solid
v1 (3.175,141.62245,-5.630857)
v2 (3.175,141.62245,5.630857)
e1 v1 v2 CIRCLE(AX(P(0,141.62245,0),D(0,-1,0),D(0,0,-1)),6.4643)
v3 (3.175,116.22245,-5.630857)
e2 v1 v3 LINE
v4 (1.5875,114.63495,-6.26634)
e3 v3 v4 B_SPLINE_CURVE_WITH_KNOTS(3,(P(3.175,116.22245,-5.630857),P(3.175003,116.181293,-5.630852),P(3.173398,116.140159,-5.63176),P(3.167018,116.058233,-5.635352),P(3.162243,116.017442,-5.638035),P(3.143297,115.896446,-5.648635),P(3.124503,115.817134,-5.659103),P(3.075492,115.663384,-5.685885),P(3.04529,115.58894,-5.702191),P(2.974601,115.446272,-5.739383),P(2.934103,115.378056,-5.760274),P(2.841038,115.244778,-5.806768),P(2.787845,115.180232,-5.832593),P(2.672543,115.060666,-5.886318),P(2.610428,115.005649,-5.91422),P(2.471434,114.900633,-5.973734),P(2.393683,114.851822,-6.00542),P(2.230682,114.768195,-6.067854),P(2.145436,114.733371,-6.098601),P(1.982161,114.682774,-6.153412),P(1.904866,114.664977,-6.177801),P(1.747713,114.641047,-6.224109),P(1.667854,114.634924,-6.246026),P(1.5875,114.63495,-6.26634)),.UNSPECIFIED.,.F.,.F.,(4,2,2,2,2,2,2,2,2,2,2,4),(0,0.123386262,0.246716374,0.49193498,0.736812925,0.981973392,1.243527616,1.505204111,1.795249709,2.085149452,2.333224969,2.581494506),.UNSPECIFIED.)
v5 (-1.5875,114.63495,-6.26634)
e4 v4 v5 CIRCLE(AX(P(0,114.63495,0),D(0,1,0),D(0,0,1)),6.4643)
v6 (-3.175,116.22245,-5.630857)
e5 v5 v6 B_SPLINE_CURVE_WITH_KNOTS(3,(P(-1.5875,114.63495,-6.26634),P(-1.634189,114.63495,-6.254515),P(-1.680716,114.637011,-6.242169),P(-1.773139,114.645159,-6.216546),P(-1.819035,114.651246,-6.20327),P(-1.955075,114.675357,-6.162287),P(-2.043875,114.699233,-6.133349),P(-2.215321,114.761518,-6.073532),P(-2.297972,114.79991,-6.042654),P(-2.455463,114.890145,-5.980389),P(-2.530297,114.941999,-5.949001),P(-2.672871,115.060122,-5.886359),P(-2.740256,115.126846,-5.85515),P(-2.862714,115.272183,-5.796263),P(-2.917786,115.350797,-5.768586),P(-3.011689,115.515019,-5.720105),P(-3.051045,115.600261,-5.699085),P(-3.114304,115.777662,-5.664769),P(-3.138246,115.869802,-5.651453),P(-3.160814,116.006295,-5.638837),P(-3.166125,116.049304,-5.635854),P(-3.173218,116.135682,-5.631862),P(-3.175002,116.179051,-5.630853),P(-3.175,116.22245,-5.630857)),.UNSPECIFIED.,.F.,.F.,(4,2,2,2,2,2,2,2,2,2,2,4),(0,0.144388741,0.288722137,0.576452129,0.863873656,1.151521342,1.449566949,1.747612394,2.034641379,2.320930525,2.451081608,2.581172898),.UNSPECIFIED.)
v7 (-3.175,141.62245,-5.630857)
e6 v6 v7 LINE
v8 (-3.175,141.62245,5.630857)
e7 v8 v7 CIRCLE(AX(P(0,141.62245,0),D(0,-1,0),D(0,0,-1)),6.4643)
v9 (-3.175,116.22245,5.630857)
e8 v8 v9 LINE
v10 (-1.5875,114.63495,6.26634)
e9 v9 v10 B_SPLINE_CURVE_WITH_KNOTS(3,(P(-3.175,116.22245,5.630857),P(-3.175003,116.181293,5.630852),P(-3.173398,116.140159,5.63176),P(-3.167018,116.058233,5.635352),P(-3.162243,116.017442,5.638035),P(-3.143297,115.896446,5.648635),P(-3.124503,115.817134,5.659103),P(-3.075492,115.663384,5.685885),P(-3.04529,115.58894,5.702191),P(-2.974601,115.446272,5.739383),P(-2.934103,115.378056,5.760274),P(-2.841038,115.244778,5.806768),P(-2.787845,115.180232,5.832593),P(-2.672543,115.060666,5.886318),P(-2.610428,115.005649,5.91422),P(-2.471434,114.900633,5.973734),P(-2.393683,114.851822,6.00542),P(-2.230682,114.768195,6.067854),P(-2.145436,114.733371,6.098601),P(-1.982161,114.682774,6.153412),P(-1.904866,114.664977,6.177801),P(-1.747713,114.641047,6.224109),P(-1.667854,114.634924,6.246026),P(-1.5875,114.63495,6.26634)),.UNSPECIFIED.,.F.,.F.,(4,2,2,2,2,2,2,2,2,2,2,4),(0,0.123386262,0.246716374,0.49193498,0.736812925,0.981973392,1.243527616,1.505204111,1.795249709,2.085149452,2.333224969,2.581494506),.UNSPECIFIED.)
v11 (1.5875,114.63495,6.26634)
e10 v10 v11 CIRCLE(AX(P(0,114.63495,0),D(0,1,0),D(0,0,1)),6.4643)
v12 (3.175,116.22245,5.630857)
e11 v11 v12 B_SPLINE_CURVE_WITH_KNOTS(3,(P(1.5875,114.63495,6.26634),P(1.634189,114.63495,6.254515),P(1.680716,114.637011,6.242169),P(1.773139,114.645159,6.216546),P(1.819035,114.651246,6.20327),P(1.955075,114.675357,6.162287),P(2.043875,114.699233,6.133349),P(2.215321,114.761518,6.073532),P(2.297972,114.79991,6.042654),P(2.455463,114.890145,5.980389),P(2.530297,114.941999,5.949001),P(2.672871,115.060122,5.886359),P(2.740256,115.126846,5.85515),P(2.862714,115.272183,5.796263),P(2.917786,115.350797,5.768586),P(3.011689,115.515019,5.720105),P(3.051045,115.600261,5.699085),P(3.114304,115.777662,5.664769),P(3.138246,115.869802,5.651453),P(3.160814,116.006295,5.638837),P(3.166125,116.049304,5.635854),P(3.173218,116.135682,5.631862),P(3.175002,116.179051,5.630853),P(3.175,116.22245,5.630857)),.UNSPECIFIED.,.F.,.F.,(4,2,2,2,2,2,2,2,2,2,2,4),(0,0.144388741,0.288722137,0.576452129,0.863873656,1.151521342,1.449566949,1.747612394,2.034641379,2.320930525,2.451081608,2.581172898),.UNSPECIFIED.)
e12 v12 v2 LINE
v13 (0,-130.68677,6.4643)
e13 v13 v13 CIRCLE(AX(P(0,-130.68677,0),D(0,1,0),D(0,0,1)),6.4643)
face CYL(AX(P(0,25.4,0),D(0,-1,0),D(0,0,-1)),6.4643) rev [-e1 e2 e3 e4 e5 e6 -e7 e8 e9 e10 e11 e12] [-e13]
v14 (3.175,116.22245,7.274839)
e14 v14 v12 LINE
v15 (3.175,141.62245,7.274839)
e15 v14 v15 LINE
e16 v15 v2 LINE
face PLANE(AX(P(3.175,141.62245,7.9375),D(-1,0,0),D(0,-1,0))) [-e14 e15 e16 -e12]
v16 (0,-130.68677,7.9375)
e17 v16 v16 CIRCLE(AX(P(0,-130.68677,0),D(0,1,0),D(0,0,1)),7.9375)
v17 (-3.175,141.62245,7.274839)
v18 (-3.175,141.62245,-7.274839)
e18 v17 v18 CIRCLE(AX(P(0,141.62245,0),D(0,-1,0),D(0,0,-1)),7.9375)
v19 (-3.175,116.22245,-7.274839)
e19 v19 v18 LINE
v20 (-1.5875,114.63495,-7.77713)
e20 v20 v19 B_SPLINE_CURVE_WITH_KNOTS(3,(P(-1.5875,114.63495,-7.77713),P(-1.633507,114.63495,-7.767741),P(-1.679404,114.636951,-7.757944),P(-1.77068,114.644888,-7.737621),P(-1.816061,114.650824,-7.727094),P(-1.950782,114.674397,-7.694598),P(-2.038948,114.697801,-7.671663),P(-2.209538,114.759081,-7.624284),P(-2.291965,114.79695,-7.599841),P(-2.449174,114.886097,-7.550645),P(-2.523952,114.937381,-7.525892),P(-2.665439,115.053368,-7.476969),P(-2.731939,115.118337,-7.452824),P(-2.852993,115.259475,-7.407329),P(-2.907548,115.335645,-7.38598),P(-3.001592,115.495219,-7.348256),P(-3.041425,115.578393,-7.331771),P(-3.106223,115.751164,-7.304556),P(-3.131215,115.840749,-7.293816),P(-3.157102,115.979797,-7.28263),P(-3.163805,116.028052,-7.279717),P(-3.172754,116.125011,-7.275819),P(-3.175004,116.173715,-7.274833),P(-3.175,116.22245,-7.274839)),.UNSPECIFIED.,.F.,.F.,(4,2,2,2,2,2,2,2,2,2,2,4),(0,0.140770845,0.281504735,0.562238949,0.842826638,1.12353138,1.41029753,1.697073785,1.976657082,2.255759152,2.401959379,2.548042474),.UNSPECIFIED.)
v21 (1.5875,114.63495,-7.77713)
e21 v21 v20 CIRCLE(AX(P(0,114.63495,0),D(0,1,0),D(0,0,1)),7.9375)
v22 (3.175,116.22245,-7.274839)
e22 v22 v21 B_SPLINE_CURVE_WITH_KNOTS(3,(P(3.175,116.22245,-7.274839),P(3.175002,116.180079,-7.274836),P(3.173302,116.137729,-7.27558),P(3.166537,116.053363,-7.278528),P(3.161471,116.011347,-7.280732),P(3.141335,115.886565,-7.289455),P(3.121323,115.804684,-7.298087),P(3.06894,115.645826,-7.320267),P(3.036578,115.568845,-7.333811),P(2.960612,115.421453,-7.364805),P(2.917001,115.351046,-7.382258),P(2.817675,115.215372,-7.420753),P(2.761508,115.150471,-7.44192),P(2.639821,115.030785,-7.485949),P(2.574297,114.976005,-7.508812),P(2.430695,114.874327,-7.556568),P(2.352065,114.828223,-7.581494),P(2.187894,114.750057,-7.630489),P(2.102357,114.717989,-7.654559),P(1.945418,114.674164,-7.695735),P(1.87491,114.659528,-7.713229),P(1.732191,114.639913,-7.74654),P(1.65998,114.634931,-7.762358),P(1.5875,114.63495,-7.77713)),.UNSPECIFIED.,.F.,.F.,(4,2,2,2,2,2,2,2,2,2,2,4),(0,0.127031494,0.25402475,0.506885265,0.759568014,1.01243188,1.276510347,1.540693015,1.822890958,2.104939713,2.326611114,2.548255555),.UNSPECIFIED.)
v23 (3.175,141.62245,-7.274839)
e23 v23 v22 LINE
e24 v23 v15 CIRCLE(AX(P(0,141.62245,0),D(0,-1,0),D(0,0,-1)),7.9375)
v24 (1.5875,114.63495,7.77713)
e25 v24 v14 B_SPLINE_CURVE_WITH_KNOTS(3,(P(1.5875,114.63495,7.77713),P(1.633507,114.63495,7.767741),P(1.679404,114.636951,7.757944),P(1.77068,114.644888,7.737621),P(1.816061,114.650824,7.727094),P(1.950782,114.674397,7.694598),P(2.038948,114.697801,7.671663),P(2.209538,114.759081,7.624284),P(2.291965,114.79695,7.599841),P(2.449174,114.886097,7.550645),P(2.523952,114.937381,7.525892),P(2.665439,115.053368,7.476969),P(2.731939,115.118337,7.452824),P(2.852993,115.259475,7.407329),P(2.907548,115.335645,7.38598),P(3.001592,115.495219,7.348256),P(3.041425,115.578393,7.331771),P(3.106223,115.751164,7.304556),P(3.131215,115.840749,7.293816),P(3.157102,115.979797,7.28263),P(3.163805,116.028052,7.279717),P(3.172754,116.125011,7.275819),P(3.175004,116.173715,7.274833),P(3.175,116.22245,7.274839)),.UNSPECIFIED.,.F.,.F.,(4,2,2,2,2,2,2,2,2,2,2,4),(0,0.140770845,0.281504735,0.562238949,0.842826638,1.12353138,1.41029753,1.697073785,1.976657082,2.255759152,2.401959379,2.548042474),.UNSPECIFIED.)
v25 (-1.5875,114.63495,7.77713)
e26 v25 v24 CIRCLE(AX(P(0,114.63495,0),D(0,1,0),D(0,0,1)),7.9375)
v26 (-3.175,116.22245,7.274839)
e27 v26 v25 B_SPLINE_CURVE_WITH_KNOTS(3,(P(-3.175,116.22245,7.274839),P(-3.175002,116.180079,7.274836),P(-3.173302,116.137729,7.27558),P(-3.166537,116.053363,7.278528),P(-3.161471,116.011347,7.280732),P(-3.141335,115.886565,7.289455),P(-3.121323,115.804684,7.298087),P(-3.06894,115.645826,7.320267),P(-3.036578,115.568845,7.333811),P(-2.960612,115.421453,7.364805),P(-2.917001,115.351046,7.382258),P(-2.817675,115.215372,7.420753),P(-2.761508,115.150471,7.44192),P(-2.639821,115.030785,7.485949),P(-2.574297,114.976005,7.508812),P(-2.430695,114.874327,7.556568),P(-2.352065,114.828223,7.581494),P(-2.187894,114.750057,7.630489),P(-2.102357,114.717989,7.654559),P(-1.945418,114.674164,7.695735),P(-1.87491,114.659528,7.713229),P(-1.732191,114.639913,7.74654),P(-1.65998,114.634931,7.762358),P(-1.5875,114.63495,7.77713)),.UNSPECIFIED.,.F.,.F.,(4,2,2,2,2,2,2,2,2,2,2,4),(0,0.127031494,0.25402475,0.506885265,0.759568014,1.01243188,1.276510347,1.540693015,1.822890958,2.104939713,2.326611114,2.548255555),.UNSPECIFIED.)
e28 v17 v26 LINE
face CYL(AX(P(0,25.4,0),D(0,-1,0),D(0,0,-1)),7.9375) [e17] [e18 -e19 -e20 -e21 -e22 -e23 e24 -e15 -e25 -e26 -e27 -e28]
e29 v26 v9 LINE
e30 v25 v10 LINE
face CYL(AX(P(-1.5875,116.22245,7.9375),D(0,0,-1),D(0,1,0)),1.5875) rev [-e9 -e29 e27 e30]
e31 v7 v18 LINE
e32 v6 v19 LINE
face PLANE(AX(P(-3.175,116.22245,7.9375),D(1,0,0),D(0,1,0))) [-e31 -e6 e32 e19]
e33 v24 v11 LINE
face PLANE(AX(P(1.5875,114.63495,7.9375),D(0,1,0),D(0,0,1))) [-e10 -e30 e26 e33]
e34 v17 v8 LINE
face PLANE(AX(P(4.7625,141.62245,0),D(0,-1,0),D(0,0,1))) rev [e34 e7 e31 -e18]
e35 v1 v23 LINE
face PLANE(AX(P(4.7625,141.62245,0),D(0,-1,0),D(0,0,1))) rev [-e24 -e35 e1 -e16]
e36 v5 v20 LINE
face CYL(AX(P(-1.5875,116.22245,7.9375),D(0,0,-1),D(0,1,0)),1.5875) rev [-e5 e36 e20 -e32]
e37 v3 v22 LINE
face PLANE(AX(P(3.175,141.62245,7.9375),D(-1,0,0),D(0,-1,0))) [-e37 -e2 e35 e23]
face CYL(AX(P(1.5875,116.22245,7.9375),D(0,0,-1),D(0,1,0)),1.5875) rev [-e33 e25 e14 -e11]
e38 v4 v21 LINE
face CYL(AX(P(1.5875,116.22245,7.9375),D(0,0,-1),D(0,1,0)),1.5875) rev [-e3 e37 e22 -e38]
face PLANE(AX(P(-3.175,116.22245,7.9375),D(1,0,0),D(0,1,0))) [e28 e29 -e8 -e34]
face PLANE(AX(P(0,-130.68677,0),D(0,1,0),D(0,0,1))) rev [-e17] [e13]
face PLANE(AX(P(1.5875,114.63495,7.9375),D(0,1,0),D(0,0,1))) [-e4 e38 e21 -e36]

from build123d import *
from build123d.topology import SkipClean

# Parameters (mm, degrees)
SKETCH1_R                = 7.9375
SKETCH1_R_2              = 6.4643
BOSS_EXTRUDE1_DEPTH      = 25.4
BOSS_EXTRUDE2_DEPTH      = 141.62245
BOSS_EXTRUDE2_DEPTH_BACK = 130.68677
SKETCH1_3_R              = 7.9375
SKETCH1_3_R_2            = 6.4643
CUT_EXTRUDE1_DEPTH       = 643.973080375


with BuildPart() as part:
    # Sketch1 → Boss-Extrude1 (new body)
    with BuildSketch(Plane(origin=(0, 0, 0), x_dir=(1, 0, 0), z_dir=(0, 1, 0))):
        with Locations(Location((0, 0, 0), (0, 0, 270))):
            Circle(SKETCH1_R)
        with Locations(Location((0, 0, 0), (0, 0, 270))):
            Circle(SKETCH1_R_2, mode=Mode.SUBTRACT)
    extrude(amount=BOSS_EXTRUDE1_DEPTH)

    # Sketch1<3> → Boss-Extrude2 (add, two sides: drawn at the far end of the back side and taken through both)
    with SkipClean():  # the faces are left unmerged after this step: merging them gives an invalid solid
        with BuildSketch(Plane(origin=(0, 0, 0), x_dir=(1, 0, 0), z_dir=(0, 1, 0)).offset(-BOSS_EXTRUDE2_DEPTH_BACK)):
            with Locations(Location((0, 0, 0), (0, 0, 90))):
                Circle(SKETCH1_3_R)
            with Locations(Location((0, 0, 0), (0, 0, 90))):
                Circle(SKETCH1_3_R_2, mode=Mode.SUBTRACT)
        extrude(amount=BOSS_EXTRUDE2_DEPTH + BOSS_EXTRUDE2_DEPTH_BACK)

    # Sketch4 → Cut-Extrude1 (cut, through all)
    with SkipClean():  # the faces are left unmerged after this step: merging them gives an invalid solid
        with BuildSketch(Plane(origin=(282.84484953, -431.620946529, -7.9375), x_dir=(0.8492193826528428, 0.5280401879845174, 0), z_dir=(0, 0, 1))):
            with BuildLine():
                Line((65.194493974, 634.486323351), (51.782273199, 612.916151031))
                ThreePointArc((51.782273199, 612.916151031), (50.794671358, 612.208396868), (49.595873631, 612.40627906))
                Line((49.595873631, 612.40627906), (46.899602091, 614.082806656))
                ThreePointArc((46.899602091, 614.082806656), (46.191847928, 615.070408498), (46.38973012, 616.269206225))
                Line((46.38973012, 616.269206225), (59.801950894, 637.839378544))
                Line((59.801950894, 637.839378544), (65.194493974, 634.486323351))
            make_face()
        extrude(amount=CUT_EXTRUDE1_DEPTH, mode=Mode.SUBTRACT)


solid = part.part
